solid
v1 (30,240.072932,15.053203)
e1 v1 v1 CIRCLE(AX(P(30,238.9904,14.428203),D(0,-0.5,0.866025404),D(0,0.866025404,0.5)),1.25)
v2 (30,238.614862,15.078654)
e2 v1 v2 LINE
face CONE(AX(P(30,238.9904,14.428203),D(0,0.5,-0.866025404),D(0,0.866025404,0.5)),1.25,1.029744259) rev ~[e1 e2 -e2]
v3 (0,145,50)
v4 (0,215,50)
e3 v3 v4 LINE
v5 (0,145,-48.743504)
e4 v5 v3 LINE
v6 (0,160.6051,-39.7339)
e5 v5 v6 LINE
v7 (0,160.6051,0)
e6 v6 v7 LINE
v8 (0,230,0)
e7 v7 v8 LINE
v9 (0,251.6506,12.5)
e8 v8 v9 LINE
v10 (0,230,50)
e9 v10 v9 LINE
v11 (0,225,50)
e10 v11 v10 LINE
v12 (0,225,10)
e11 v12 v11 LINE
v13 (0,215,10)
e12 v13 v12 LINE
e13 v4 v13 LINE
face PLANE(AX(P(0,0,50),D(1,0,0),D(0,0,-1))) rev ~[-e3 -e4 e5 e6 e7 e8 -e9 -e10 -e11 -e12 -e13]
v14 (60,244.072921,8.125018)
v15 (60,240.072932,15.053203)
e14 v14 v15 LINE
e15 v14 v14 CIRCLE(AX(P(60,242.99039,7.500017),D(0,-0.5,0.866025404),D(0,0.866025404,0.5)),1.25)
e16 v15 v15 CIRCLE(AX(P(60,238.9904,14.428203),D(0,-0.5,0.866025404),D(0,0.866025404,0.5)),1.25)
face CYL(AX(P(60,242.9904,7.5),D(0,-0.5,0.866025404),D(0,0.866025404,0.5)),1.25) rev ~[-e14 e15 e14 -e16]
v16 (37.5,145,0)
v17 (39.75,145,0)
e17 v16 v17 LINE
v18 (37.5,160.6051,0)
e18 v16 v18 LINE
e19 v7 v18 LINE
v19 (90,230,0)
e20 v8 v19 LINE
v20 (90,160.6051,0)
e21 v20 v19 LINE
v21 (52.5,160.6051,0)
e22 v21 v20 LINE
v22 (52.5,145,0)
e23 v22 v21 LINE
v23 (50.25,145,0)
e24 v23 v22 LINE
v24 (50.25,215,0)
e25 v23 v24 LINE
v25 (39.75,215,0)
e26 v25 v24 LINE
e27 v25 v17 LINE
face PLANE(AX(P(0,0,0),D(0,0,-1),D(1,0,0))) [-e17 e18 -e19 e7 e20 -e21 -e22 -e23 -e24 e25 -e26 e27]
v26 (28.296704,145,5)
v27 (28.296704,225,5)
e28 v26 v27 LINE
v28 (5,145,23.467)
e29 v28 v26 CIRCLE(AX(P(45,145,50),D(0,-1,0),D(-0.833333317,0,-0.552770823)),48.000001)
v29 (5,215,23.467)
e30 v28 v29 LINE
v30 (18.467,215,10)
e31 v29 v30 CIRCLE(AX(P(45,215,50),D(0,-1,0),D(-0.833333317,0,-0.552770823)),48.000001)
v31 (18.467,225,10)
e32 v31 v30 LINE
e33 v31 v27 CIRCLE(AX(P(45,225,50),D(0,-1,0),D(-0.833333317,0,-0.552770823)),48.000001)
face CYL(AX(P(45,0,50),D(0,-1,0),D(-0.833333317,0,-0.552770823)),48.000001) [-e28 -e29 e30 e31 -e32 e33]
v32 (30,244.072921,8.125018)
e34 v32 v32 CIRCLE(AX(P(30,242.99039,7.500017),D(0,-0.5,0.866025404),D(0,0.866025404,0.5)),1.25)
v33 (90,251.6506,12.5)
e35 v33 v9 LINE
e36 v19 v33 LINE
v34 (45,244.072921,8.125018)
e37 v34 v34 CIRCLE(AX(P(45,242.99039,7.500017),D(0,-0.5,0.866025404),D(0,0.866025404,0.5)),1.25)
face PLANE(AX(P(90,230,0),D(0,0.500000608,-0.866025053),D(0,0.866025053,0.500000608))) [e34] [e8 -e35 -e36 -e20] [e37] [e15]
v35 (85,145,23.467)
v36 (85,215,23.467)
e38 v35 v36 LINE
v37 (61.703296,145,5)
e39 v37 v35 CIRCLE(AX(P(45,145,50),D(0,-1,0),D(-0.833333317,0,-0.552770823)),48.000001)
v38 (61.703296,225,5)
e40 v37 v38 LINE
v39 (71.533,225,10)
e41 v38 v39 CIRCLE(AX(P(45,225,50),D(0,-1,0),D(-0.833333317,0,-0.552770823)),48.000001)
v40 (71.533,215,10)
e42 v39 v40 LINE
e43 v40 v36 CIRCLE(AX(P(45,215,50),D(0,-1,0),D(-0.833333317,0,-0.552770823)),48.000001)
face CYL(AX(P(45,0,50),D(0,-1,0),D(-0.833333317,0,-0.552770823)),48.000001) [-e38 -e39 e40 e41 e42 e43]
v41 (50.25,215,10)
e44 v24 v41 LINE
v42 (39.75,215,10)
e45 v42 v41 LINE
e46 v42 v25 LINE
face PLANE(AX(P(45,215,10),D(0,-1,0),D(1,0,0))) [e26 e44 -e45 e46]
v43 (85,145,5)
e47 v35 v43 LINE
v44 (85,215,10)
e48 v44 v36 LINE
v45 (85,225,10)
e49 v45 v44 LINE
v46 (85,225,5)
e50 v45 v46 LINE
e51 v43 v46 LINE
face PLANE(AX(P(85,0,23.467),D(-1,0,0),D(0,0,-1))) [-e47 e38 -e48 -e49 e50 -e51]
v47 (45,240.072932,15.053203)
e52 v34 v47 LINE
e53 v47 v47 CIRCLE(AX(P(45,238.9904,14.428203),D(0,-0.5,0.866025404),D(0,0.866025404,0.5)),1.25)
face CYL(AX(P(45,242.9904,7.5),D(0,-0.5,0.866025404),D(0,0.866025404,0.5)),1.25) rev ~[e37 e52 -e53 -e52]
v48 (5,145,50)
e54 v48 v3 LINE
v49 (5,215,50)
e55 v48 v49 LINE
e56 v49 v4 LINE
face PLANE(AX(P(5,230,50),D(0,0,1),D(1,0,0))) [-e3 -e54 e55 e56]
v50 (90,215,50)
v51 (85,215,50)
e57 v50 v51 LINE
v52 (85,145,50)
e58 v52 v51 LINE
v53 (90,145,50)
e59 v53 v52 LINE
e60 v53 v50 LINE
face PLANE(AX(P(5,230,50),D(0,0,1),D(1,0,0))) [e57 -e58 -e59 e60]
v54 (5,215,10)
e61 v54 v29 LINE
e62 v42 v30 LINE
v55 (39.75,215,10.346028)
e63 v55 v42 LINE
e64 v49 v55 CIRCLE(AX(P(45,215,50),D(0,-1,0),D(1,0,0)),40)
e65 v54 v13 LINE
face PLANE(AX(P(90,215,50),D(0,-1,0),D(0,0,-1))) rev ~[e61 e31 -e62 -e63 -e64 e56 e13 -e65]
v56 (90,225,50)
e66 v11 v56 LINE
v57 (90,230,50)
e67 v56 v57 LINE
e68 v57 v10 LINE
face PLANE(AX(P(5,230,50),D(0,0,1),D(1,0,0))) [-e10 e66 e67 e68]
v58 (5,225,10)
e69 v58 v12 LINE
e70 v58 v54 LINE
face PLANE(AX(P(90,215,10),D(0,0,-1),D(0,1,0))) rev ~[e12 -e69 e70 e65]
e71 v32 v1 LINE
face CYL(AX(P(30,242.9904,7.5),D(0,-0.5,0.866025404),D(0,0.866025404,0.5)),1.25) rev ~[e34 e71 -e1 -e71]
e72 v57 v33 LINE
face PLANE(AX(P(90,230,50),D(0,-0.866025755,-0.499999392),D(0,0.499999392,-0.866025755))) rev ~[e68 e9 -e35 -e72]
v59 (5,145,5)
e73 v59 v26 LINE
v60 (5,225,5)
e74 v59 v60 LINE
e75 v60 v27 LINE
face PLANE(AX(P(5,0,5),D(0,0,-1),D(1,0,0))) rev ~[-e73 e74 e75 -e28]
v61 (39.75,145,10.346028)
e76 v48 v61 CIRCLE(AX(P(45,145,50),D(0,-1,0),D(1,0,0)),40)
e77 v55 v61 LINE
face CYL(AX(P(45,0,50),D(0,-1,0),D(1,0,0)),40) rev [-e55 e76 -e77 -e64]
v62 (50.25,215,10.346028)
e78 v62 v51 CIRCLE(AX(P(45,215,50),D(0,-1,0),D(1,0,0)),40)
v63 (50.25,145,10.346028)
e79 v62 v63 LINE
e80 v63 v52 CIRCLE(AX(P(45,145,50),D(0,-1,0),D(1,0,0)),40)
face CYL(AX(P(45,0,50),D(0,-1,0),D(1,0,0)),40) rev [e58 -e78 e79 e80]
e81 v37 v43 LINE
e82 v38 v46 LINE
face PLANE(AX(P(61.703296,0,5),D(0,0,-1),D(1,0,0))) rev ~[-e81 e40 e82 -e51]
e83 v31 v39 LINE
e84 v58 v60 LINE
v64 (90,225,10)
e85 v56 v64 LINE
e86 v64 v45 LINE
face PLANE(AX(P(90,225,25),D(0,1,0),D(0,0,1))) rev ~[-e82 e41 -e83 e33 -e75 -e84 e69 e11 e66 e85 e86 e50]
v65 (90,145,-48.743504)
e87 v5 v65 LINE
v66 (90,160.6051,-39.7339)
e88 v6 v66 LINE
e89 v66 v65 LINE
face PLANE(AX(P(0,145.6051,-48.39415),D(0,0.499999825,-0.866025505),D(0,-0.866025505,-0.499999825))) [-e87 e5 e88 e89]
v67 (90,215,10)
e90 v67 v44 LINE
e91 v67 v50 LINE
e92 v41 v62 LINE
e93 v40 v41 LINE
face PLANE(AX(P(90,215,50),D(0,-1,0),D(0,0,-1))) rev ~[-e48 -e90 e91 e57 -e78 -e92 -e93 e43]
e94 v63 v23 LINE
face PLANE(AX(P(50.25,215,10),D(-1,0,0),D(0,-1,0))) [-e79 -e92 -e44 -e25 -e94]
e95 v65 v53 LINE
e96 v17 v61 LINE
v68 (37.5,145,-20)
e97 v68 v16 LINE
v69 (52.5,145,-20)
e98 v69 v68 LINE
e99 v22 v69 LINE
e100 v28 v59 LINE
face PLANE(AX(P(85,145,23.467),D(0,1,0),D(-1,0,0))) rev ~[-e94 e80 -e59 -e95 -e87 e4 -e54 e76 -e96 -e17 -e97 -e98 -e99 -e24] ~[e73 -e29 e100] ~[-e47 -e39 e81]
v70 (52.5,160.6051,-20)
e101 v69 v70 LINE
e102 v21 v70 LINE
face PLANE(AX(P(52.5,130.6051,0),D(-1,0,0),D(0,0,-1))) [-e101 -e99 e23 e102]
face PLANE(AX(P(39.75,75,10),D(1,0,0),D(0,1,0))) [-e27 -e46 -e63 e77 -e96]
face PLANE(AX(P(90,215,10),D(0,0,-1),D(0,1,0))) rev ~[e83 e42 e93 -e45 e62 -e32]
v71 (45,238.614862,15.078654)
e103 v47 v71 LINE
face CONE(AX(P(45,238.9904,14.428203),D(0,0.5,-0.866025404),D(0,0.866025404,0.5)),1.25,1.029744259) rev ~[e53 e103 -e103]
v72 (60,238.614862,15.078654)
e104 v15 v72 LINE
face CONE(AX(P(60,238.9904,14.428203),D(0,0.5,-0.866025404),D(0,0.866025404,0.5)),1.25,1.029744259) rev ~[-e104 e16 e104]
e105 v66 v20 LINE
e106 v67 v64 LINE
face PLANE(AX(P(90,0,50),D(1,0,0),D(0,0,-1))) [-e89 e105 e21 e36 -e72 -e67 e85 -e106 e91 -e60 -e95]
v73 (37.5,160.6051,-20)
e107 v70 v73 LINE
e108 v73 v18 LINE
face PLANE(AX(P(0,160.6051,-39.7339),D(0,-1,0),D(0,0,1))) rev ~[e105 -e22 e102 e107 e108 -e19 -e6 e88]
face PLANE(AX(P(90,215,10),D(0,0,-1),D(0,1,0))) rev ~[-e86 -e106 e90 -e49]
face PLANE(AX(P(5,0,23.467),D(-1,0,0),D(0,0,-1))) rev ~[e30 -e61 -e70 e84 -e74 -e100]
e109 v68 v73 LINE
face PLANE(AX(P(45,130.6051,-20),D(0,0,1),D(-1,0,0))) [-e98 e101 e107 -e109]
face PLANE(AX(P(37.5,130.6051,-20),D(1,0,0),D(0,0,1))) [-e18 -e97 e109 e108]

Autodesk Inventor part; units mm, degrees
ref_plane "YZ Plane" through (0, 0, 0) normal (1, 0, 0) x (0, 1, 0)
ref_plane "XZ Plane" through (0, 0, 0) normal (0, 1, 0) x (-1, 0, 0)
ref_plane "XY Plane" through (0, 0, 0) normal (0, 0, 1) x (1, 0, 0)
sketch "スケッチ1" plane through (0, 0, 0) normal (0, 1, 0) x (-1, 0, 0)
  line L0 (0, 0) -> (-90, 0)
  line L1 (-90, 0) -> (-90, 50)
  line L2 (0, 50) -> (0, 0)
  line L3 (0, 0) -> (-5, 0)
  line L4 (-5, 0) -> (-5, 50)
  line L5 (-5, 0) -> (-90, 0)
  line L6 (-90, 0) -> (-85, 0)
  line L7 (-85, 0) -> (-85, 50)
  arc A0 (-85, 50) -> (-5, 50) centre (-45, 50) ccw
  line L8 (0, 0) -> (0, 10)
  line L9 (0, 10) -> (-90, 10)
  circle A1 centre (-45, 50) radius 45
  line L10 (-90, 5) -> (0, 5)
  line L11 (-90, 50) -> (-85, 50)
  line L12 (-5, 50) -> (0, 50)
  line L13 (0, 0) -> (-90, 0)
  line L14 (-90, 0) -> (-90, 5)
  line L15 (-90, 5) -> (0, 5)
  line L16 (0, 5) -> (0, 0)
  dimension "d0" = 90
  dimension "d1" = 50
  dimension "d2" = 5
  dimension "d3" = 85
  dimension "d4" = 5
  dimension "d5" = 80
  dimension "d6" = 10
  dimension "d7" = 90
extrude "押し出し1" add sketch "スケッチ1" along normal blind 230 contours L0 L4 L10 L2 | L0 L7 L10 L4 | L10 L4 L9 L2 | L0 L1 L10 L7 | L10 A1 L9 L4 | L9 L4 A1 L2 | L10 L1 L9 L7 | L7 L9 A1 L10 | L9 A1 L4 | A1 L9 | A1 L4 L12 | L9 L1 A1 L7 | L7 A1 L9 | A1 L9 A0 L4 | A1 L7 A0 L9 | L11 L7 A1
sketch "スケッチ2" plane through (0, 0, 0) normal (0, -1, 0) x (1, 0, 0)
  line L0 (0, 0) -> (0, 50) projected
  line L1 (90, 0) -> (0, 0) projected
  line L2 (90, 50) -> (90, 0) projected
  line L3 (85, 50) -> (90, 50) projected
  arc A0 (5, 50) -> (85, 50) centre (45, 50) ccw projected
  line L4 (0, 50) -> (5, 50) projected
  arc A1 (5, 23.467) -> (85, 23.467) centre (45, 50) ccw
  line L5 (0, 5) -> (90, 5)
  line L6 (5, 23.467) -> (5, 5)
  line L7 (85, 23.467) -> (85, 5)
  dimension "d29" = 48
extrude "押し出し2" cut sketch "スケッチ2" against normal blind 225 contours L6 A1 L5 | L5 A1 L7
sketch "スケッチ3" plane through (0, 230, 0) normal (0, 1, 0) x (1, 0, 0)
  arc A0 (85, -50) -> (5, -50) centre (45, -50) ccw projected
  line L0 (90, -50) -> (90, 0) projected
  line L1 (0, -50) -> (5, -50) projected
  arc A1 (85, -50) -> (5, -50) centre (45, -50) ccw
  line L2 (5, -50) -> (85, -50)
extrude "押し出し3" add sketch "スケッチ3" against normal blind 5
sketch "スケッチ4" plane through (90, 0, 50) normal (1, 0, 0) x (0, 0, -1)
  line L0 (0, 0) -> (50, 0) projected
  line L1 (0, 0) -> (0, 230) projected
  line L2 (25, 0) -> (25, 65)
  line L3 (25, 65) -> (25, 75)
  line L4 (25, 75) -> (25, 215)
  line L5 (25, 215) -> (25, 225)
  line L6 (0, 65) -> (40, 65)
  line L7 (40, 65) -> (40, 75)
  line L8 (40, 75) -> (0, 75)
  line L9 (0, 75) -> (0, 65)
  line L10 (0, 215) -> (40, 215)
  line L11 (40, 215) -> (40, 225)
  line L12 (40, 225) -> (0, 225)
  line L13 (0, 225) -> (0, 215)
  dimension "d16" = 65
  dimension "d17" = 10
  dimension "d18" = 140
  dimension "d19" = 10
  dimension "d20" = 40
extrude "押し出し4" cut sketch "スケッチ4" against normal blind 90 contours L1 L8 L3 L6 | L3 L8 L7 L6 | L1 L12 L5 L10 | L5 L12 L11 L10
sketch "スケッチ6" plane through (90, 0, 50) normal (1, 0, 0) x (0, 0, -1)
  line L0 (0, 230) -> (50, 230) projected
  line L1 (50, 230) -> (37.5, 251.6506)
  line L2 (50, 230) -> (110, 230) construction
  line L3 (0, 230) -> (37.5, 251.6506)
  line L4 (0, 230) -> (43.3013, 230) construction
  dimension "d32" = 120
  dimension "d33" = 30
extrude "押し出し6" add sketch "スケッチ6" against normal blind 90
sketch "スケッチ9" plane through (0, 0, 0) normal (-1, 0, 0) x (0, 0, 1)
  line L0 (10, 225) -> (50, 225) projected
  line L1 (50, 225) -> (50, 230) projected
  line L2 (50, 230) -> (12.5, 251.6506) projected
  line L3 (12.5, 251.6506) -> (0, 230) projected
  line L4 (0, 0) -> (0, 230) projected
  line L5 (0, 0) -> (50, 0) projected
  line L6 (50, 0) -> (50, 65) projected
  line L7 (50, 65) -> (10, 65) projected
  line L8 (10, 65) -> (10, 75) projected
  line L9 (10, 75) -> (50, 75) projected
  line L10 (50, 75) -> (50, 215) projected
  line L11 (50, 215) -> (10, 215) projected
  line L12 (10, 215) -> (10, 225) projected
  line L13 (12.5, 251.6506) -> (0, 230)
  line L14 (0, 230) -> (-132.7906, 0)
  line L15 (0, 145) -> (-49.0748, 145)
  line L16 (0, 115) -> (-66.3953, 115)
  dimension "d45" = 30
sketch "スケッチ10" plane through (0, 0, 0) normal (-1, 0, 0) x (0, 0, 1)
  line L0 (10, 225) -> (50, 225) projected
  line L1 (50, 225) -> (50, 230) projected
  line L2 (50, 230) -> (12.5, 251.6506) projected
  line L3 (12.5, 251.6506) -> (0, 230) projected
  line L4 (0, 0) -> (0, 230) projected
  line L5 (0, 0) -> (50, 0) projected
  line L6 (50, 0) -> (50, 65) projected
  line L7 (50, 65) -> (10, 65) projected
  line L8 (10, 65) -> (10, 75) projected
  line L9 (10, 75) -> (50, 75) projected
  line L10 (50, 75) -> (50, 215) projected
  line L11 (50, 215) -> (10, 215) projected
  line L12 (10, 215) -> (10, 225) projected
  line L13 (12.5, 251.6506) -> (-87.5, 78.4456)
  line L14 (-87.5, 78.4456) -> (50, 0)
sketch "スケッチ11" plane through (90, 230, 0) normal (0, 0.5, -0.866) x (-1, 0, 0)
  line L0 (0, 25) -> (90, 25) projected
  line L1 (45, 25) -> (45, 15)
  line L2 (45, 15) -> (60, 15)
  line L3 (60, 15) -> (30, 15)
  point P0 (90, -199.1858)
  dimension "d49" = 10
  dimension "d50" = 15
  dimension "d51" = 30
hole "穴1" at (45, 242.9904, 7.5) at (30, 242.9904, 7.5) at (60, 242.9904, 7.5) direction (0, -0.5, 0.866) diameter 2.5 depth 8 tip angle 118
sketch "スケッチ18" plane through (90, 65, 10) normal (0, 0, 1) x (1, 0, 0)
  line L0 (0, 10) -> (-5, 10) projected
  line L1 (0, 10) -> (-90, 10)
  line L2 (-90, 10) -> (-90, 150)
  line L3 (-90, 150) -> (0, 150)
  line L4 (0, 150) -> (0, 10)
  line L5 (-45, 150) -> (-45, 10)
  line L6 (-53.1517, 150) -> (-27.646, 150)
  line L7 (-27.646, 150) -> (-27.646, 10)
  line L8 (-27.646, 10) -> (-53.1517, 10)
  line L9 (-53.1517, 10) -> (-53.1517, 150)
  line L10 (-45, 10) -> (-39.75, 10)
  line L11 (-45, 150) -> (-50.25, 150)
  line L12 (-50.25, 150) -> (-39.75, 150)
  line L13 (-39.75, 150) -> (-39.75, 10)
  line L14 (-39.75, 10) -> (-50.25, 10)
  line L15 (-50.25, 10) -> (-50.25, 150)
  point P0 (-90, -65)
  dimension "d76" = 140
  dimension "d77" = 5.25
  dimension "d78" = 5.25
extrude "押し出し12" cut sketch "スケッチ18" against normal blind 10 and the other way blind 5 contours L1 L5 L3 L13 | L1 L15 L3 L5
sketch "スケッチ19" plane through (0, 0, 0) normal (-1, 0, 0) x (0, 0, 1)
  line L0 (10, 225) -> (50, 225) projected
  line L1 (50, 225) -> (50, 230) projected
  line L2 (50, 230) -> (12.5, 251.6506) projected
  line L3 (12.5, 251.6506) -> (0, 230) projected
  line L4 (0, 0) -> (0, 230) projected
  line L5 (0, 0) -> (50, 0) projected
  line L6 (50, 0) -> (50, 65) projected
  line L7 (50, 65) -> (10, 65) projected
  line L8 (10, 65) -> (10, 75) projected
  line L9 (10, 75) -> (50, 75) projected
  line L10 (50, 75) -> (50, 215) projected
  line L11 (50, 215) -> (10, 215) projected
  line L12 (10, 215) -> (10, 225) projected
  line L13 (0, 230) -> (-23.825, 188.7339)
  line L14 (-23.825, 188.7339) -> (-3.4734, 176.9839)
  circle A0 centre (-3.4734, 176.9839) radius 16
  circle A1 centre (-3.4734, 176.9839) radius 3
  dimension "d83" = 47.65
  dimension "d84" = 23.5
  dimension "d85" = 32
  dimension "d86" = 6
sketch "スケッチ20" plane through (90, 230, 0) normal (0, 0.5, -0.866) x (-1, 0, 0)
  circle A0 centre (60, 15) radius 1.25 projected
  circle A1 centre (45, 15) radius 1.25 projected
  circle A2 centre (30, 15) radius 1.25 projected
  line L0 (0, 0) -> (0, 25) projected
  line L1 (0, 0) -> (90, 0) projected
  line L2 (90, 25) -> (90, 0) projected
  line L3 (0, 25) -> (90, 25) projected
  point P0 (90, -199.1858)
ref_plane "作業平面5" through (90, 45, 50) normal (0, 1, 0) x (1, 0, 0)
sketch "スケッチ21" plane through (90, 45, 50) normal (0, 1, 0) x (1, 0, 0)
  line L0 (0, 0) -> (-101.8599, 0)
  line L1 (-101.8599, 0) -> (-101.8599, 60.1995)
  line L2 (-101.8599, 60.1995) -> (0, 60.1995)
  line L3 (0, 60.1995) -> (0, 0)
  point P0 (-90, 50)
extrude "押し出し13" cut sketch "スケッチ21" against normal blind 50
ref_plane "作業平面6" through (85, 145, 23.467) normal (0, 1, 0) x (-1, 0, 0)
sketch "スケッチ22" plane through (0, 75, 50) normal (-1, 0, 0) x (0, 0, 1)
  line L0 (-37.5, 176.6506) -> (-50, 155) projected
  line L1 (-50, -30) -> (-50, 155) projected
  line L2 (-98.8395, 70.6051) -> (-50, 70.6051)
  line L3 (-107.0544, 55.6051) -> (-50, 55.6051)
  line L4 (-89.7339, 85.6051) -> (-50, 85.6051)
  line L5 (-89.7339, 85.6051) -> (-107.0544, 55.6051)
  line L6 (-50, 55.6051) -> (-50, 85.6051)
  point P0 (-50, -75)
  dimension "d90" = 30
  dimension "d92" = 15
extrude "押し出し14" add sketch "スケッチ22" against normal blind 90
sketch "スケッチ23" plane through (0, 130.6051, -57.0544) normal (0, -1, 0) x (1, 0, 0)
  line L0 (0, 0) -> (90, 0) projected
  line L1 (39.75, 57.0544) -> (50.25, 57.0544) projected
  line L2 (45, 57.0544) -> (45, 0)
  line L3 (37.5, 57.0544) -> (52.5, 57.0544)
  line L4 (52.5, 57.0544) -> (52.5, 0)
  line L5 (52.5, 0) -> (37.5, 0)
  line L6 (37.5, 0) -> (37.5, 57.0544)
  line L7 (37.5, 57.0544) -> (52.5, 0) construction
  line L8 (52.5, 57.0544) -> (37.5, 0) construction
  line L9 (37.5, 57.0544) -> (52.5, 57.0544)
  line L10 (52.5, 57.0544) -> (52.5, 37.0544)
  line L11 (52.5, 37.0544) -> (37.5, 37.0544)
  line L12 (37.5, 37.0544) -> (37.5, 57.0544)
  point P0 (45, 28.5272)
  dimension "d95" = 15
  dimension "d96" = 20
extrude "押し出し15" cut sketch "スケッチ23" against normal blind 90 contours L6 L3 L1 L2 L11 | L2 L1 L3 L4 L11
sketch "スケッチ24" plane through (90, 230, 0) normal (0, 0, -1) x (-1, 0, 0)
  line L0 (50.25, -15) -> (50.25, -155) projected
  line L1 (50.25, -155) -> (39.75, -155) projected
  line L2 (39.75, -155) -> (39.75, -15) projected
  line L3 (39.75, -15) -> (50.25, -15) projected
  line L4 (52.5, -99.3949) -> (52.5, -69.3949) projected
  line L5 (52.5, -69.3949) -> (90, -69.3949) projected
  line L6 (90, -69.3949) -> (90, 0) projected
  line L7 (0, 0) -> (90, 0) projected
  line L8 (0, -69.3949) -> (0, 0) projected
  line L9 (0, -69.3949) -> (37.5, -69.3949) projected
  line L10 (37.5, -99.3949) -> (37.5, -69.3949) projected
  line L11 (37.5, -99.3949) -> (0, -99.3949) projected
  line L12 (0, -185) -> (0, -99.3949) projected
  line L13 (0, -185) -> (90, -185) projected
  line L14 (90, -185) -> (90, -99.3949) projected
  line L15 (90, -99.3949) -> (52.5, -99.3949) projected
  line L16 (0, -99.3949) -> (90, -99.3949)
  line L17 (90, -99.3949) -> (90, -69.3949)
  line L18 (90, -69.3949) -> (0, -69.3949)
  line L19 (0, -69.3949) -> (0, -99.3949)
  line L20 (-5, -64.3949) -> (95, -64.3949)
  line L21 (95, -64.3949) -> (95, -104.3949)
  line L22 (95, -104.3949) -> (-5, -104.3949)
  line L23 (-5, -104.3949) -> (-5, -64.3949)
  line L24 (-5, -64.3949) -> (95, -104.3949) construction
  line L25 (95, -64.3949) -> (-5, -104.3949) construction
  line L26 (0, -69.3949) -> (90, -69.3949)
  line L27 (90, -69.3949) -> (90, -99.3949)
  line L28 (90, -99.3949) -> (0, -99.3949)
  line L29 (0, -99.3949) -> (0, -69.3949)
  line L30 (0, -69.3949) -> (90, -99.3949) construction
  line L31 (90, -69.3949) -> (0, -99.3949) construction
  point P0 (90, -230)
  point P1 (45, -84.3949)
  dimension "d99" = 100
  dimension "d100" = 40
sketch "スケッチ25" plane through (90, 160.6051, -39.7339) normal (0, 0.5, -0.866) x (-1, 0, 0)
  line L0 (90, 0) -> (90, -34.641) projected
  line L1 (90, 0) -> (0, 0) projected
  line L2 (0, -34.641) -> (0, 0) projected
  line L3 (90, -34.641) -> (0, -34.641) projected
  point P0 (90, -119.2211)
sketch "スケッチ26" plane through (85, 145, 23.467) normal (0, 1, 0) x (-1, 0, 0)
  line L0 (125.1914, -92.9646) -> (-58.6843, -92.9646)
  line L1 (-58.6843, -92.9646) -> (-58.6843, 63.112)
  line L2 (-58.6843, 63.112) -> (125.1914, 63.112)
  line L3 (125.1914, 63.112) -> (125.1914, -92.9646)
  point P0 (85, -23.467)
extrude "押し出し16" cut sketch "スケッチ26" against normal blind 110
properties part number "知能ロボコン発射台２" material "ABS プラスチック"
